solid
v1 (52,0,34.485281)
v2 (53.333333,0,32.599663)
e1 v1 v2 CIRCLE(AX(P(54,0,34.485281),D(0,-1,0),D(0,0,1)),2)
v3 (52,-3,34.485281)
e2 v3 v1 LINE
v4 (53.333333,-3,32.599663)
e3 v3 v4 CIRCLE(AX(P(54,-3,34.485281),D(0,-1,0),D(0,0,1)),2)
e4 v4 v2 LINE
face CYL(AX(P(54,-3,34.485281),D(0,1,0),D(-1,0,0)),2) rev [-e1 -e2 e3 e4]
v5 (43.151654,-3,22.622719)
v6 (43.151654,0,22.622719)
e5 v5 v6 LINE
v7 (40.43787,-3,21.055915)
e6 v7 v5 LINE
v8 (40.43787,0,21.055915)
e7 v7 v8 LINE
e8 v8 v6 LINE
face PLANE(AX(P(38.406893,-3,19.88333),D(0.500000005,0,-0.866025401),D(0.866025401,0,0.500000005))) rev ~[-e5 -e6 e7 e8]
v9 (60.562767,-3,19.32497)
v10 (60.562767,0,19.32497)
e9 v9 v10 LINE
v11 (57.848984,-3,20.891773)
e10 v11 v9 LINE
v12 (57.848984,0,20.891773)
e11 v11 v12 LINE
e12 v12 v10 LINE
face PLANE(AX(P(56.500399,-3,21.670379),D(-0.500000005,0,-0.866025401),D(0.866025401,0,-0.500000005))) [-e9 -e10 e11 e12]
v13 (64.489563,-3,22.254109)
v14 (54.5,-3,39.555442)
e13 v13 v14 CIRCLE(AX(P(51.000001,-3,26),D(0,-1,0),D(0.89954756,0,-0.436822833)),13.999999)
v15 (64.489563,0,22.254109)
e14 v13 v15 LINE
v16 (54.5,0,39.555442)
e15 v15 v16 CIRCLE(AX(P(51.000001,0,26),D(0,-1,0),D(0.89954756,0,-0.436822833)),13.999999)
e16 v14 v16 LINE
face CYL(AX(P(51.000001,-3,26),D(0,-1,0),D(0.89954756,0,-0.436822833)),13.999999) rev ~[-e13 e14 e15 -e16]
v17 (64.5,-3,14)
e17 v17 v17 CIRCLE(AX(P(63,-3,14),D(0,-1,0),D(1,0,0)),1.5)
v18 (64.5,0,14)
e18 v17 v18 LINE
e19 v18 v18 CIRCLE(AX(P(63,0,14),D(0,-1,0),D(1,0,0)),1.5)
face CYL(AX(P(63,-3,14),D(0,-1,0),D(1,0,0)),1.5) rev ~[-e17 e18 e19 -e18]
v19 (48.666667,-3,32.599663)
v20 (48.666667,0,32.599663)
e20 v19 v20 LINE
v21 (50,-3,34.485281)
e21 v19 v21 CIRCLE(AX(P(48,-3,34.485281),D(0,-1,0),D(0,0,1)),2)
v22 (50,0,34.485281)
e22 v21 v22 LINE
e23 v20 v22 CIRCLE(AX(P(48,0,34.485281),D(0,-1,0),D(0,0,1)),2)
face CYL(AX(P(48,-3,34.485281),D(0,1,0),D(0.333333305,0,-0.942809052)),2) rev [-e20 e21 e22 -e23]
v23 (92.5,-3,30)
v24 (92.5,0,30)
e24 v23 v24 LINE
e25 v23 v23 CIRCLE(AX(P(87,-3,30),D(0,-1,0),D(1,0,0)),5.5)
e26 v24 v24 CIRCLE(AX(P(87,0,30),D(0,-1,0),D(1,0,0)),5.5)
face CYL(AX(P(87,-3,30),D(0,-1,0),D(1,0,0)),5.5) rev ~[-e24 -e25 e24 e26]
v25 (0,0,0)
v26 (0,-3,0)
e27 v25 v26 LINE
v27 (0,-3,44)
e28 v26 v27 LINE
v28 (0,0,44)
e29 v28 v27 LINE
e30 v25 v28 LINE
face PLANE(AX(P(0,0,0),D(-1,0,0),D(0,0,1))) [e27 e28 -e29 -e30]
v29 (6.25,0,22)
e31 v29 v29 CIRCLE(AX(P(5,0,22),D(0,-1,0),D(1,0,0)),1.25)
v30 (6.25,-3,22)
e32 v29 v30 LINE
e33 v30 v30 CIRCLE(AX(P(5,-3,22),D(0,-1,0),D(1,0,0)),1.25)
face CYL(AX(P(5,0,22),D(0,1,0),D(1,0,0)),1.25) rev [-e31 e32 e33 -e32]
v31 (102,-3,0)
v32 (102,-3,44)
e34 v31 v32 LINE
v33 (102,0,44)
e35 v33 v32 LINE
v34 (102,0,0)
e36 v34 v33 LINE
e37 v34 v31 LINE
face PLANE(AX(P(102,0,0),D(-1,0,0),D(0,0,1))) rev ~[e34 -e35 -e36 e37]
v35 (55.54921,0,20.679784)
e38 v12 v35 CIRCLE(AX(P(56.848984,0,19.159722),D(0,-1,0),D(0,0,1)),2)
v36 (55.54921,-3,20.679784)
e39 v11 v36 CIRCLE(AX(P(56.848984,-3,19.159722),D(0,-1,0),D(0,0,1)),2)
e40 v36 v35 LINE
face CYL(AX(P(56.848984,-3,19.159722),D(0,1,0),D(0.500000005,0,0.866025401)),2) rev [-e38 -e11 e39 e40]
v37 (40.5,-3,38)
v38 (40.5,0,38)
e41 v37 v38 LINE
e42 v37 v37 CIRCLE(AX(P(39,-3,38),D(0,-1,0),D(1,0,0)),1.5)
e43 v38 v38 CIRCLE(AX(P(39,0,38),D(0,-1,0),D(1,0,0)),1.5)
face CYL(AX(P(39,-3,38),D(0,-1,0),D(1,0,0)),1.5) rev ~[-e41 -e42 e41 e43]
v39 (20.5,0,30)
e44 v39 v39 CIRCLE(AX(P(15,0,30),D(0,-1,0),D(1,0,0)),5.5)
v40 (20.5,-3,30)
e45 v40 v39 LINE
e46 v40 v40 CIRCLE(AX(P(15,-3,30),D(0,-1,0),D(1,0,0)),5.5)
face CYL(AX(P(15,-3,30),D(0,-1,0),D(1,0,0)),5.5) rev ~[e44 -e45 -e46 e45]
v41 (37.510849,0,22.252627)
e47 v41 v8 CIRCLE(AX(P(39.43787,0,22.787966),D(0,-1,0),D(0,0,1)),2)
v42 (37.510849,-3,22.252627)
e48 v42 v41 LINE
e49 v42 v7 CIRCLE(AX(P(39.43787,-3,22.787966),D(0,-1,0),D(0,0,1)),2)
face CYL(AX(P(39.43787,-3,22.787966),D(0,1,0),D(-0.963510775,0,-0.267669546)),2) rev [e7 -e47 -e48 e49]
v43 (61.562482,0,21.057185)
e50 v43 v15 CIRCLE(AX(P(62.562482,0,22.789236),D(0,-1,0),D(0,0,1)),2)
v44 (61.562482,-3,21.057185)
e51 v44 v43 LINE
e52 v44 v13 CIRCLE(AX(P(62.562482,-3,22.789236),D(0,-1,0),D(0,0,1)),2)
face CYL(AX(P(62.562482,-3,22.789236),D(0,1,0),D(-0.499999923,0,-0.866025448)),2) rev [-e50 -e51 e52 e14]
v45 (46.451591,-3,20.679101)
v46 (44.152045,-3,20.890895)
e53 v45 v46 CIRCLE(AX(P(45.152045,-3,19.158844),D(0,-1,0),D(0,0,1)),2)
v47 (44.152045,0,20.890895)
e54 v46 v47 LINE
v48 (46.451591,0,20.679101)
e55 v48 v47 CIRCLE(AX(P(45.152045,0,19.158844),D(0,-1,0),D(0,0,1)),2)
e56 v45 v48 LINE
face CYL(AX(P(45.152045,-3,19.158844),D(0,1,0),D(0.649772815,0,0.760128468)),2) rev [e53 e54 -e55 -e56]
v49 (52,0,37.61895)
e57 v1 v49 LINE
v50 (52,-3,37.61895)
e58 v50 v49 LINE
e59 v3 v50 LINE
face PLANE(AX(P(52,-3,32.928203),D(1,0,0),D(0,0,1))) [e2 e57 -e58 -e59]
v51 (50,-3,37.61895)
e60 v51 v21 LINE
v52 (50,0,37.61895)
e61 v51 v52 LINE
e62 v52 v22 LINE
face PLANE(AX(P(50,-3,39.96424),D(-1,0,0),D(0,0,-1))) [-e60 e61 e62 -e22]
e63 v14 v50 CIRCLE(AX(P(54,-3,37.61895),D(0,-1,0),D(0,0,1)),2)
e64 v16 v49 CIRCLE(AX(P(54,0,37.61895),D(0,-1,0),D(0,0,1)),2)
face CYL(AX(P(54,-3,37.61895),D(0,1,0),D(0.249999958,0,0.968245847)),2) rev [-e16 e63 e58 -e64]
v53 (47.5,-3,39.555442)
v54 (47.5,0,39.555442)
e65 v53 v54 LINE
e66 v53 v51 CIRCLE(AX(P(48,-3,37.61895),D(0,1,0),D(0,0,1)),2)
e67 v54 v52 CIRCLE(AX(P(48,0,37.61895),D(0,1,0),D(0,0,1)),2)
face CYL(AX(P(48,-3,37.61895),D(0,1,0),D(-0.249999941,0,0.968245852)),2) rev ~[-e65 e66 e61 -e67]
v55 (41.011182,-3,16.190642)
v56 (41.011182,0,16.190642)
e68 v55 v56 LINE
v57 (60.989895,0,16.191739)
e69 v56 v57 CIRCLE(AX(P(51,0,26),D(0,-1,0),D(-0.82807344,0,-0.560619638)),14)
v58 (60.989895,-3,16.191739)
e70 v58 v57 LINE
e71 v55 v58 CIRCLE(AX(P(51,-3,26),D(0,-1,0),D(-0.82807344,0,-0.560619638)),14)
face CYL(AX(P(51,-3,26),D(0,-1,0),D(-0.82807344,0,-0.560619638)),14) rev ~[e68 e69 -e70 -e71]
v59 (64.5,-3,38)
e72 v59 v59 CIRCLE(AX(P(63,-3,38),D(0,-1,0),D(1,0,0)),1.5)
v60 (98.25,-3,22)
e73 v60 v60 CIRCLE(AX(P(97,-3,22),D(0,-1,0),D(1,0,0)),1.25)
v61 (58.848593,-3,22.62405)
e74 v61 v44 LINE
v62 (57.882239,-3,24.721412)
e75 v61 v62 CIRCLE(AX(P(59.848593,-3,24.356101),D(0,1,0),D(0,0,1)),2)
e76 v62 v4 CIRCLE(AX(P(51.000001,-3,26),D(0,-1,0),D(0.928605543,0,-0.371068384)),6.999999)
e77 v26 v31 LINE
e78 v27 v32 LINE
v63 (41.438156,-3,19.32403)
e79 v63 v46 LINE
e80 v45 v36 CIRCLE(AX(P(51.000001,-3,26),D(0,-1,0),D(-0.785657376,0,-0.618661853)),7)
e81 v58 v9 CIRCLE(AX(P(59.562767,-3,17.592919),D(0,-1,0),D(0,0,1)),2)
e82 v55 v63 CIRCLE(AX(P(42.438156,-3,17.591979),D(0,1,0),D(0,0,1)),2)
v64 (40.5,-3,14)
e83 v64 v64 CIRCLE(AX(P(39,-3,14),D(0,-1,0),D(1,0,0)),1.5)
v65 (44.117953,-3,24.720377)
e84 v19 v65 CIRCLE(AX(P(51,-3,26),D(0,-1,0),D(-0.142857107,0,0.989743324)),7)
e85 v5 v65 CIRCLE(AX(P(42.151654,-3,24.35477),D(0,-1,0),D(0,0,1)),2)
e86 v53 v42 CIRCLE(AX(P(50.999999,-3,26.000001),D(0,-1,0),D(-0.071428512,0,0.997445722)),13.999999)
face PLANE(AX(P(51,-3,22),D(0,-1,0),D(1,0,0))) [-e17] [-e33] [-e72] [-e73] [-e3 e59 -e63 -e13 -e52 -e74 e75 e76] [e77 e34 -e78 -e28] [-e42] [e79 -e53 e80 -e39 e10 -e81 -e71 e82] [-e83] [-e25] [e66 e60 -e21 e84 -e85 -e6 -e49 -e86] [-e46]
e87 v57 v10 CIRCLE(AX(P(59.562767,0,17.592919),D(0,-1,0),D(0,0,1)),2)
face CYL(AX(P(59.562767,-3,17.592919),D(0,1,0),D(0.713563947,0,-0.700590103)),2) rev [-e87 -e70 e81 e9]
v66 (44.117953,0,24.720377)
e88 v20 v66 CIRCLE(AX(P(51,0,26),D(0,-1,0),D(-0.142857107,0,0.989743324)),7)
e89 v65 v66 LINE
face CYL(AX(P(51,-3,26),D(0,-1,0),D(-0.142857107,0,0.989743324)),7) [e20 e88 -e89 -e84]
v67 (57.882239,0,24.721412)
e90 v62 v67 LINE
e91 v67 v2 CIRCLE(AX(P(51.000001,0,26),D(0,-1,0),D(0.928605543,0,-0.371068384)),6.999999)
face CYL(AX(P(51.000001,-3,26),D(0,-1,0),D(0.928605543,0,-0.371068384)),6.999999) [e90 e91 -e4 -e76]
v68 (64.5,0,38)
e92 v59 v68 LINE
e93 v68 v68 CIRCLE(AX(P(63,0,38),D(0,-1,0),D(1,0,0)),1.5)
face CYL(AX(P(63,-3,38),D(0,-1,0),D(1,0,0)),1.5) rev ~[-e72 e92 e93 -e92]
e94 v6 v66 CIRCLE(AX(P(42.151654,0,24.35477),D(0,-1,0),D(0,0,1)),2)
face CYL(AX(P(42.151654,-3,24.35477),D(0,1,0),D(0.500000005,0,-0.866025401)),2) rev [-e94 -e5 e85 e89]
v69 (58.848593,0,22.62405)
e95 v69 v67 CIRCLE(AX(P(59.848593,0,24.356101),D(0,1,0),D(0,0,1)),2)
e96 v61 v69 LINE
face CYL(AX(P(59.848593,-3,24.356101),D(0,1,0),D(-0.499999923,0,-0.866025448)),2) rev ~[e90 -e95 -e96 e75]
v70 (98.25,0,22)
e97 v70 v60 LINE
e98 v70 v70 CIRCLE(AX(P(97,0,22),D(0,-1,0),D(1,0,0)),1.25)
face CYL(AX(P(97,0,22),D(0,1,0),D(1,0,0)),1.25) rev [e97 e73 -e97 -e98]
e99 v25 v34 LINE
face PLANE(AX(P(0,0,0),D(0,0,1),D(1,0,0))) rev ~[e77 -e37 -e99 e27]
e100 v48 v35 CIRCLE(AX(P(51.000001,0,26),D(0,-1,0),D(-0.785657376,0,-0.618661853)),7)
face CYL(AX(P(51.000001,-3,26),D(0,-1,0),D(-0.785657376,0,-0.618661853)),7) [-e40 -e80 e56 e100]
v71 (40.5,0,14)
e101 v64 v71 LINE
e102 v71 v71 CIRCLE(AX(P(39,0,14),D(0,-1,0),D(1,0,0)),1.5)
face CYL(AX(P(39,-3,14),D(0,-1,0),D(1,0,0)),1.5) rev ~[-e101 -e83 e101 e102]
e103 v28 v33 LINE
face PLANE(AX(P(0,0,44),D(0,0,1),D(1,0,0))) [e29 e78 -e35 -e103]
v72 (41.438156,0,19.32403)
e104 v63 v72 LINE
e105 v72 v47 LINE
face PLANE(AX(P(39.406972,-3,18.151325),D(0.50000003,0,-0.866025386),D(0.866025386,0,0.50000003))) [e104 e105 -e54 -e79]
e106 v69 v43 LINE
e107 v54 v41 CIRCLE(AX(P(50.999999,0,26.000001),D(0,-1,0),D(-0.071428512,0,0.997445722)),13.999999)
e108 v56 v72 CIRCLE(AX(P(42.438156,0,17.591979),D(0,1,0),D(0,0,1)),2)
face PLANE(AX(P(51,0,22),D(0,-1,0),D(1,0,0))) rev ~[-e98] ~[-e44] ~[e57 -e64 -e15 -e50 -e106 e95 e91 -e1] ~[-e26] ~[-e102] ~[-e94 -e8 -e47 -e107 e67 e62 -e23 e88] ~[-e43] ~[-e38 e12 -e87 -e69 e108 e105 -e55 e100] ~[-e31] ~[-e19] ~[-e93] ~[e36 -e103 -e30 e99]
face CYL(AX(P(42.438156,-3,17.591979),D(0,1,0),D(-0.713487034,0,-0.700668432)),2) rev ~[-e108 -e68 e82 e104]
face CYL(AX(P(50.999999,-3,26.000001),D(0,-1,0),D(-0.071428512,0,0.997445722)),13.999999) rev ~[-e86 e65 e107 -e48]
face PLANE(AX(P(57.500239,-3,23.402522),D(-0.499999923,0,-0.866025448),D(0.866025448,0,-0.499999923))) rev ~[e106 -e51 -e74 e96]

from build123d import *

# Parameters (mm, degrees)
SKETCH_W        = 102
SKETCH_H        = 44
SKETCH_R        = 1.25
PAD_DEPTH       = 3
SKETCH001_R     = 5.5
POCKET_DEPTH    = 3.001
SKETCH002_R     = 1.5
POCKET001_DEPTH = 3.001
POCKET002_DEPTH = 3.001
FILLET_R        = 2


with BuildPart() as part:
    # Sketch → Pad (new body)
    with BuildSketch(Plane.XZ):
        with Locations((51, 22)):
            Rectangle(SKETCH_W, SKETCH_H)
        with Locations((5, 22)):
            Circle(SKETCH_R, mode=Mode.SUBTRACT)
        with Locations((97, 22)):
            Circle(SKETCH_R, mode=Mode.SUBTRACT)
    extrude(amount=PAD_DEPTH)

    # Sketch001 (on Face8 of Pad) → Pocket (cut, through all)
    with BuildSketch(Plane.XZ.offset(3)):
        with Locations((15, 30)):
            Circle(SKETCH001_R)
        with Locations((87, 30)):
            Circle(SKETCH001_R)
    extrude(amount=-POCKET_DEPTH, mode=Mode.SUBTRACT)

    # Sketch002 (on Face5 of Pocket) → Pocket001 (cut, through all)
    with BuildSketch(Plane.XZ.offset(3)):
        with Locations((39, 38)):
            Circle(SKETCH002_R)
        with Locations((63, 38)):
            Circle(SKETCH002_R)
        with Locations((39, 14)):
            Circle(SKETCH002_R)
        with Locations((63, 14)):
            Circle(SKETCH002_R)
    extrude(amount=-POCKET001_DEPTH, mode=Mode.SUBTRACT)

    # Sketch003 (on Face5 of Pocket001) → Pocket002 (cut, through all)
    with BuildSketch(Plane.XZ.offset(3)):
        with BuildLine():
            Line((50, 39.96424), (50, 32.928203))
            ThreePointArc((50, 32.928203), (44.937661, 29.499721), (44.500239, 23.401325))
            Line((38.406893, 19.88333), (44.500239, 23.401325))
            ThreePointArc((50, 39.96424), (38.875484, 32.999723), (38.406893, 19.88333))
        make_face()
        with BuildLine():
            Line((39.406972, 18.151325), (45.500399, 21.669367))
            ThreePointArc((45.500399, 21.669367), (51.000645, 19), (56.500399, 21.670379))
            Line((56.500399, 21.670379), (62.593745, 18.152384))
            ThreePointArc((39.406972, 18.151325), (51.00064, 12), (62.593745, 18.152384))
        make_face()
        with BuildLine():
            Line((57.500239, 23.402522), (63.593666, 19.884481))
            ThreePointArc((63.593666, 19.884481), (63.124196, 33.000277), (52, 39.96424))
            Line((52, 32.928203), (52, 39.96424))
            ThreePointArc((57.500239, 23.402522), (57.062017, 29.500279), (52, 32.928203))
        make_face()
    extrude(amount=-POCKET002_DEPTH, mode=Mode.SUBTRACT)

    # Fillet
    fillet_edges = [part.edges().sort_by_distance(p)[0] for p in [
        (44.500239, -1.5, 23.401325),
        (50, -1.5, 32.928203),
        (63.593666, -1.5, 19.884481),
        (56.500399, -1.5, 21.670379),
        (52, -1.5, 39.96424),
        (39.406972, -1.5, 18.151325),
        (62.593745, -1.5, 18.152384),
        (45.500399, -1.5, 21.669367),
        (50, -1.5, 39.96424),
        (38.406893, -1.5, 19.88333),
        (52, -1.5, 32.928203),
        (57.500239, -1.5, 23.402522),
    ]]
    fillet(fillet_edges, radius=FILLET_R)


solid = part.part
